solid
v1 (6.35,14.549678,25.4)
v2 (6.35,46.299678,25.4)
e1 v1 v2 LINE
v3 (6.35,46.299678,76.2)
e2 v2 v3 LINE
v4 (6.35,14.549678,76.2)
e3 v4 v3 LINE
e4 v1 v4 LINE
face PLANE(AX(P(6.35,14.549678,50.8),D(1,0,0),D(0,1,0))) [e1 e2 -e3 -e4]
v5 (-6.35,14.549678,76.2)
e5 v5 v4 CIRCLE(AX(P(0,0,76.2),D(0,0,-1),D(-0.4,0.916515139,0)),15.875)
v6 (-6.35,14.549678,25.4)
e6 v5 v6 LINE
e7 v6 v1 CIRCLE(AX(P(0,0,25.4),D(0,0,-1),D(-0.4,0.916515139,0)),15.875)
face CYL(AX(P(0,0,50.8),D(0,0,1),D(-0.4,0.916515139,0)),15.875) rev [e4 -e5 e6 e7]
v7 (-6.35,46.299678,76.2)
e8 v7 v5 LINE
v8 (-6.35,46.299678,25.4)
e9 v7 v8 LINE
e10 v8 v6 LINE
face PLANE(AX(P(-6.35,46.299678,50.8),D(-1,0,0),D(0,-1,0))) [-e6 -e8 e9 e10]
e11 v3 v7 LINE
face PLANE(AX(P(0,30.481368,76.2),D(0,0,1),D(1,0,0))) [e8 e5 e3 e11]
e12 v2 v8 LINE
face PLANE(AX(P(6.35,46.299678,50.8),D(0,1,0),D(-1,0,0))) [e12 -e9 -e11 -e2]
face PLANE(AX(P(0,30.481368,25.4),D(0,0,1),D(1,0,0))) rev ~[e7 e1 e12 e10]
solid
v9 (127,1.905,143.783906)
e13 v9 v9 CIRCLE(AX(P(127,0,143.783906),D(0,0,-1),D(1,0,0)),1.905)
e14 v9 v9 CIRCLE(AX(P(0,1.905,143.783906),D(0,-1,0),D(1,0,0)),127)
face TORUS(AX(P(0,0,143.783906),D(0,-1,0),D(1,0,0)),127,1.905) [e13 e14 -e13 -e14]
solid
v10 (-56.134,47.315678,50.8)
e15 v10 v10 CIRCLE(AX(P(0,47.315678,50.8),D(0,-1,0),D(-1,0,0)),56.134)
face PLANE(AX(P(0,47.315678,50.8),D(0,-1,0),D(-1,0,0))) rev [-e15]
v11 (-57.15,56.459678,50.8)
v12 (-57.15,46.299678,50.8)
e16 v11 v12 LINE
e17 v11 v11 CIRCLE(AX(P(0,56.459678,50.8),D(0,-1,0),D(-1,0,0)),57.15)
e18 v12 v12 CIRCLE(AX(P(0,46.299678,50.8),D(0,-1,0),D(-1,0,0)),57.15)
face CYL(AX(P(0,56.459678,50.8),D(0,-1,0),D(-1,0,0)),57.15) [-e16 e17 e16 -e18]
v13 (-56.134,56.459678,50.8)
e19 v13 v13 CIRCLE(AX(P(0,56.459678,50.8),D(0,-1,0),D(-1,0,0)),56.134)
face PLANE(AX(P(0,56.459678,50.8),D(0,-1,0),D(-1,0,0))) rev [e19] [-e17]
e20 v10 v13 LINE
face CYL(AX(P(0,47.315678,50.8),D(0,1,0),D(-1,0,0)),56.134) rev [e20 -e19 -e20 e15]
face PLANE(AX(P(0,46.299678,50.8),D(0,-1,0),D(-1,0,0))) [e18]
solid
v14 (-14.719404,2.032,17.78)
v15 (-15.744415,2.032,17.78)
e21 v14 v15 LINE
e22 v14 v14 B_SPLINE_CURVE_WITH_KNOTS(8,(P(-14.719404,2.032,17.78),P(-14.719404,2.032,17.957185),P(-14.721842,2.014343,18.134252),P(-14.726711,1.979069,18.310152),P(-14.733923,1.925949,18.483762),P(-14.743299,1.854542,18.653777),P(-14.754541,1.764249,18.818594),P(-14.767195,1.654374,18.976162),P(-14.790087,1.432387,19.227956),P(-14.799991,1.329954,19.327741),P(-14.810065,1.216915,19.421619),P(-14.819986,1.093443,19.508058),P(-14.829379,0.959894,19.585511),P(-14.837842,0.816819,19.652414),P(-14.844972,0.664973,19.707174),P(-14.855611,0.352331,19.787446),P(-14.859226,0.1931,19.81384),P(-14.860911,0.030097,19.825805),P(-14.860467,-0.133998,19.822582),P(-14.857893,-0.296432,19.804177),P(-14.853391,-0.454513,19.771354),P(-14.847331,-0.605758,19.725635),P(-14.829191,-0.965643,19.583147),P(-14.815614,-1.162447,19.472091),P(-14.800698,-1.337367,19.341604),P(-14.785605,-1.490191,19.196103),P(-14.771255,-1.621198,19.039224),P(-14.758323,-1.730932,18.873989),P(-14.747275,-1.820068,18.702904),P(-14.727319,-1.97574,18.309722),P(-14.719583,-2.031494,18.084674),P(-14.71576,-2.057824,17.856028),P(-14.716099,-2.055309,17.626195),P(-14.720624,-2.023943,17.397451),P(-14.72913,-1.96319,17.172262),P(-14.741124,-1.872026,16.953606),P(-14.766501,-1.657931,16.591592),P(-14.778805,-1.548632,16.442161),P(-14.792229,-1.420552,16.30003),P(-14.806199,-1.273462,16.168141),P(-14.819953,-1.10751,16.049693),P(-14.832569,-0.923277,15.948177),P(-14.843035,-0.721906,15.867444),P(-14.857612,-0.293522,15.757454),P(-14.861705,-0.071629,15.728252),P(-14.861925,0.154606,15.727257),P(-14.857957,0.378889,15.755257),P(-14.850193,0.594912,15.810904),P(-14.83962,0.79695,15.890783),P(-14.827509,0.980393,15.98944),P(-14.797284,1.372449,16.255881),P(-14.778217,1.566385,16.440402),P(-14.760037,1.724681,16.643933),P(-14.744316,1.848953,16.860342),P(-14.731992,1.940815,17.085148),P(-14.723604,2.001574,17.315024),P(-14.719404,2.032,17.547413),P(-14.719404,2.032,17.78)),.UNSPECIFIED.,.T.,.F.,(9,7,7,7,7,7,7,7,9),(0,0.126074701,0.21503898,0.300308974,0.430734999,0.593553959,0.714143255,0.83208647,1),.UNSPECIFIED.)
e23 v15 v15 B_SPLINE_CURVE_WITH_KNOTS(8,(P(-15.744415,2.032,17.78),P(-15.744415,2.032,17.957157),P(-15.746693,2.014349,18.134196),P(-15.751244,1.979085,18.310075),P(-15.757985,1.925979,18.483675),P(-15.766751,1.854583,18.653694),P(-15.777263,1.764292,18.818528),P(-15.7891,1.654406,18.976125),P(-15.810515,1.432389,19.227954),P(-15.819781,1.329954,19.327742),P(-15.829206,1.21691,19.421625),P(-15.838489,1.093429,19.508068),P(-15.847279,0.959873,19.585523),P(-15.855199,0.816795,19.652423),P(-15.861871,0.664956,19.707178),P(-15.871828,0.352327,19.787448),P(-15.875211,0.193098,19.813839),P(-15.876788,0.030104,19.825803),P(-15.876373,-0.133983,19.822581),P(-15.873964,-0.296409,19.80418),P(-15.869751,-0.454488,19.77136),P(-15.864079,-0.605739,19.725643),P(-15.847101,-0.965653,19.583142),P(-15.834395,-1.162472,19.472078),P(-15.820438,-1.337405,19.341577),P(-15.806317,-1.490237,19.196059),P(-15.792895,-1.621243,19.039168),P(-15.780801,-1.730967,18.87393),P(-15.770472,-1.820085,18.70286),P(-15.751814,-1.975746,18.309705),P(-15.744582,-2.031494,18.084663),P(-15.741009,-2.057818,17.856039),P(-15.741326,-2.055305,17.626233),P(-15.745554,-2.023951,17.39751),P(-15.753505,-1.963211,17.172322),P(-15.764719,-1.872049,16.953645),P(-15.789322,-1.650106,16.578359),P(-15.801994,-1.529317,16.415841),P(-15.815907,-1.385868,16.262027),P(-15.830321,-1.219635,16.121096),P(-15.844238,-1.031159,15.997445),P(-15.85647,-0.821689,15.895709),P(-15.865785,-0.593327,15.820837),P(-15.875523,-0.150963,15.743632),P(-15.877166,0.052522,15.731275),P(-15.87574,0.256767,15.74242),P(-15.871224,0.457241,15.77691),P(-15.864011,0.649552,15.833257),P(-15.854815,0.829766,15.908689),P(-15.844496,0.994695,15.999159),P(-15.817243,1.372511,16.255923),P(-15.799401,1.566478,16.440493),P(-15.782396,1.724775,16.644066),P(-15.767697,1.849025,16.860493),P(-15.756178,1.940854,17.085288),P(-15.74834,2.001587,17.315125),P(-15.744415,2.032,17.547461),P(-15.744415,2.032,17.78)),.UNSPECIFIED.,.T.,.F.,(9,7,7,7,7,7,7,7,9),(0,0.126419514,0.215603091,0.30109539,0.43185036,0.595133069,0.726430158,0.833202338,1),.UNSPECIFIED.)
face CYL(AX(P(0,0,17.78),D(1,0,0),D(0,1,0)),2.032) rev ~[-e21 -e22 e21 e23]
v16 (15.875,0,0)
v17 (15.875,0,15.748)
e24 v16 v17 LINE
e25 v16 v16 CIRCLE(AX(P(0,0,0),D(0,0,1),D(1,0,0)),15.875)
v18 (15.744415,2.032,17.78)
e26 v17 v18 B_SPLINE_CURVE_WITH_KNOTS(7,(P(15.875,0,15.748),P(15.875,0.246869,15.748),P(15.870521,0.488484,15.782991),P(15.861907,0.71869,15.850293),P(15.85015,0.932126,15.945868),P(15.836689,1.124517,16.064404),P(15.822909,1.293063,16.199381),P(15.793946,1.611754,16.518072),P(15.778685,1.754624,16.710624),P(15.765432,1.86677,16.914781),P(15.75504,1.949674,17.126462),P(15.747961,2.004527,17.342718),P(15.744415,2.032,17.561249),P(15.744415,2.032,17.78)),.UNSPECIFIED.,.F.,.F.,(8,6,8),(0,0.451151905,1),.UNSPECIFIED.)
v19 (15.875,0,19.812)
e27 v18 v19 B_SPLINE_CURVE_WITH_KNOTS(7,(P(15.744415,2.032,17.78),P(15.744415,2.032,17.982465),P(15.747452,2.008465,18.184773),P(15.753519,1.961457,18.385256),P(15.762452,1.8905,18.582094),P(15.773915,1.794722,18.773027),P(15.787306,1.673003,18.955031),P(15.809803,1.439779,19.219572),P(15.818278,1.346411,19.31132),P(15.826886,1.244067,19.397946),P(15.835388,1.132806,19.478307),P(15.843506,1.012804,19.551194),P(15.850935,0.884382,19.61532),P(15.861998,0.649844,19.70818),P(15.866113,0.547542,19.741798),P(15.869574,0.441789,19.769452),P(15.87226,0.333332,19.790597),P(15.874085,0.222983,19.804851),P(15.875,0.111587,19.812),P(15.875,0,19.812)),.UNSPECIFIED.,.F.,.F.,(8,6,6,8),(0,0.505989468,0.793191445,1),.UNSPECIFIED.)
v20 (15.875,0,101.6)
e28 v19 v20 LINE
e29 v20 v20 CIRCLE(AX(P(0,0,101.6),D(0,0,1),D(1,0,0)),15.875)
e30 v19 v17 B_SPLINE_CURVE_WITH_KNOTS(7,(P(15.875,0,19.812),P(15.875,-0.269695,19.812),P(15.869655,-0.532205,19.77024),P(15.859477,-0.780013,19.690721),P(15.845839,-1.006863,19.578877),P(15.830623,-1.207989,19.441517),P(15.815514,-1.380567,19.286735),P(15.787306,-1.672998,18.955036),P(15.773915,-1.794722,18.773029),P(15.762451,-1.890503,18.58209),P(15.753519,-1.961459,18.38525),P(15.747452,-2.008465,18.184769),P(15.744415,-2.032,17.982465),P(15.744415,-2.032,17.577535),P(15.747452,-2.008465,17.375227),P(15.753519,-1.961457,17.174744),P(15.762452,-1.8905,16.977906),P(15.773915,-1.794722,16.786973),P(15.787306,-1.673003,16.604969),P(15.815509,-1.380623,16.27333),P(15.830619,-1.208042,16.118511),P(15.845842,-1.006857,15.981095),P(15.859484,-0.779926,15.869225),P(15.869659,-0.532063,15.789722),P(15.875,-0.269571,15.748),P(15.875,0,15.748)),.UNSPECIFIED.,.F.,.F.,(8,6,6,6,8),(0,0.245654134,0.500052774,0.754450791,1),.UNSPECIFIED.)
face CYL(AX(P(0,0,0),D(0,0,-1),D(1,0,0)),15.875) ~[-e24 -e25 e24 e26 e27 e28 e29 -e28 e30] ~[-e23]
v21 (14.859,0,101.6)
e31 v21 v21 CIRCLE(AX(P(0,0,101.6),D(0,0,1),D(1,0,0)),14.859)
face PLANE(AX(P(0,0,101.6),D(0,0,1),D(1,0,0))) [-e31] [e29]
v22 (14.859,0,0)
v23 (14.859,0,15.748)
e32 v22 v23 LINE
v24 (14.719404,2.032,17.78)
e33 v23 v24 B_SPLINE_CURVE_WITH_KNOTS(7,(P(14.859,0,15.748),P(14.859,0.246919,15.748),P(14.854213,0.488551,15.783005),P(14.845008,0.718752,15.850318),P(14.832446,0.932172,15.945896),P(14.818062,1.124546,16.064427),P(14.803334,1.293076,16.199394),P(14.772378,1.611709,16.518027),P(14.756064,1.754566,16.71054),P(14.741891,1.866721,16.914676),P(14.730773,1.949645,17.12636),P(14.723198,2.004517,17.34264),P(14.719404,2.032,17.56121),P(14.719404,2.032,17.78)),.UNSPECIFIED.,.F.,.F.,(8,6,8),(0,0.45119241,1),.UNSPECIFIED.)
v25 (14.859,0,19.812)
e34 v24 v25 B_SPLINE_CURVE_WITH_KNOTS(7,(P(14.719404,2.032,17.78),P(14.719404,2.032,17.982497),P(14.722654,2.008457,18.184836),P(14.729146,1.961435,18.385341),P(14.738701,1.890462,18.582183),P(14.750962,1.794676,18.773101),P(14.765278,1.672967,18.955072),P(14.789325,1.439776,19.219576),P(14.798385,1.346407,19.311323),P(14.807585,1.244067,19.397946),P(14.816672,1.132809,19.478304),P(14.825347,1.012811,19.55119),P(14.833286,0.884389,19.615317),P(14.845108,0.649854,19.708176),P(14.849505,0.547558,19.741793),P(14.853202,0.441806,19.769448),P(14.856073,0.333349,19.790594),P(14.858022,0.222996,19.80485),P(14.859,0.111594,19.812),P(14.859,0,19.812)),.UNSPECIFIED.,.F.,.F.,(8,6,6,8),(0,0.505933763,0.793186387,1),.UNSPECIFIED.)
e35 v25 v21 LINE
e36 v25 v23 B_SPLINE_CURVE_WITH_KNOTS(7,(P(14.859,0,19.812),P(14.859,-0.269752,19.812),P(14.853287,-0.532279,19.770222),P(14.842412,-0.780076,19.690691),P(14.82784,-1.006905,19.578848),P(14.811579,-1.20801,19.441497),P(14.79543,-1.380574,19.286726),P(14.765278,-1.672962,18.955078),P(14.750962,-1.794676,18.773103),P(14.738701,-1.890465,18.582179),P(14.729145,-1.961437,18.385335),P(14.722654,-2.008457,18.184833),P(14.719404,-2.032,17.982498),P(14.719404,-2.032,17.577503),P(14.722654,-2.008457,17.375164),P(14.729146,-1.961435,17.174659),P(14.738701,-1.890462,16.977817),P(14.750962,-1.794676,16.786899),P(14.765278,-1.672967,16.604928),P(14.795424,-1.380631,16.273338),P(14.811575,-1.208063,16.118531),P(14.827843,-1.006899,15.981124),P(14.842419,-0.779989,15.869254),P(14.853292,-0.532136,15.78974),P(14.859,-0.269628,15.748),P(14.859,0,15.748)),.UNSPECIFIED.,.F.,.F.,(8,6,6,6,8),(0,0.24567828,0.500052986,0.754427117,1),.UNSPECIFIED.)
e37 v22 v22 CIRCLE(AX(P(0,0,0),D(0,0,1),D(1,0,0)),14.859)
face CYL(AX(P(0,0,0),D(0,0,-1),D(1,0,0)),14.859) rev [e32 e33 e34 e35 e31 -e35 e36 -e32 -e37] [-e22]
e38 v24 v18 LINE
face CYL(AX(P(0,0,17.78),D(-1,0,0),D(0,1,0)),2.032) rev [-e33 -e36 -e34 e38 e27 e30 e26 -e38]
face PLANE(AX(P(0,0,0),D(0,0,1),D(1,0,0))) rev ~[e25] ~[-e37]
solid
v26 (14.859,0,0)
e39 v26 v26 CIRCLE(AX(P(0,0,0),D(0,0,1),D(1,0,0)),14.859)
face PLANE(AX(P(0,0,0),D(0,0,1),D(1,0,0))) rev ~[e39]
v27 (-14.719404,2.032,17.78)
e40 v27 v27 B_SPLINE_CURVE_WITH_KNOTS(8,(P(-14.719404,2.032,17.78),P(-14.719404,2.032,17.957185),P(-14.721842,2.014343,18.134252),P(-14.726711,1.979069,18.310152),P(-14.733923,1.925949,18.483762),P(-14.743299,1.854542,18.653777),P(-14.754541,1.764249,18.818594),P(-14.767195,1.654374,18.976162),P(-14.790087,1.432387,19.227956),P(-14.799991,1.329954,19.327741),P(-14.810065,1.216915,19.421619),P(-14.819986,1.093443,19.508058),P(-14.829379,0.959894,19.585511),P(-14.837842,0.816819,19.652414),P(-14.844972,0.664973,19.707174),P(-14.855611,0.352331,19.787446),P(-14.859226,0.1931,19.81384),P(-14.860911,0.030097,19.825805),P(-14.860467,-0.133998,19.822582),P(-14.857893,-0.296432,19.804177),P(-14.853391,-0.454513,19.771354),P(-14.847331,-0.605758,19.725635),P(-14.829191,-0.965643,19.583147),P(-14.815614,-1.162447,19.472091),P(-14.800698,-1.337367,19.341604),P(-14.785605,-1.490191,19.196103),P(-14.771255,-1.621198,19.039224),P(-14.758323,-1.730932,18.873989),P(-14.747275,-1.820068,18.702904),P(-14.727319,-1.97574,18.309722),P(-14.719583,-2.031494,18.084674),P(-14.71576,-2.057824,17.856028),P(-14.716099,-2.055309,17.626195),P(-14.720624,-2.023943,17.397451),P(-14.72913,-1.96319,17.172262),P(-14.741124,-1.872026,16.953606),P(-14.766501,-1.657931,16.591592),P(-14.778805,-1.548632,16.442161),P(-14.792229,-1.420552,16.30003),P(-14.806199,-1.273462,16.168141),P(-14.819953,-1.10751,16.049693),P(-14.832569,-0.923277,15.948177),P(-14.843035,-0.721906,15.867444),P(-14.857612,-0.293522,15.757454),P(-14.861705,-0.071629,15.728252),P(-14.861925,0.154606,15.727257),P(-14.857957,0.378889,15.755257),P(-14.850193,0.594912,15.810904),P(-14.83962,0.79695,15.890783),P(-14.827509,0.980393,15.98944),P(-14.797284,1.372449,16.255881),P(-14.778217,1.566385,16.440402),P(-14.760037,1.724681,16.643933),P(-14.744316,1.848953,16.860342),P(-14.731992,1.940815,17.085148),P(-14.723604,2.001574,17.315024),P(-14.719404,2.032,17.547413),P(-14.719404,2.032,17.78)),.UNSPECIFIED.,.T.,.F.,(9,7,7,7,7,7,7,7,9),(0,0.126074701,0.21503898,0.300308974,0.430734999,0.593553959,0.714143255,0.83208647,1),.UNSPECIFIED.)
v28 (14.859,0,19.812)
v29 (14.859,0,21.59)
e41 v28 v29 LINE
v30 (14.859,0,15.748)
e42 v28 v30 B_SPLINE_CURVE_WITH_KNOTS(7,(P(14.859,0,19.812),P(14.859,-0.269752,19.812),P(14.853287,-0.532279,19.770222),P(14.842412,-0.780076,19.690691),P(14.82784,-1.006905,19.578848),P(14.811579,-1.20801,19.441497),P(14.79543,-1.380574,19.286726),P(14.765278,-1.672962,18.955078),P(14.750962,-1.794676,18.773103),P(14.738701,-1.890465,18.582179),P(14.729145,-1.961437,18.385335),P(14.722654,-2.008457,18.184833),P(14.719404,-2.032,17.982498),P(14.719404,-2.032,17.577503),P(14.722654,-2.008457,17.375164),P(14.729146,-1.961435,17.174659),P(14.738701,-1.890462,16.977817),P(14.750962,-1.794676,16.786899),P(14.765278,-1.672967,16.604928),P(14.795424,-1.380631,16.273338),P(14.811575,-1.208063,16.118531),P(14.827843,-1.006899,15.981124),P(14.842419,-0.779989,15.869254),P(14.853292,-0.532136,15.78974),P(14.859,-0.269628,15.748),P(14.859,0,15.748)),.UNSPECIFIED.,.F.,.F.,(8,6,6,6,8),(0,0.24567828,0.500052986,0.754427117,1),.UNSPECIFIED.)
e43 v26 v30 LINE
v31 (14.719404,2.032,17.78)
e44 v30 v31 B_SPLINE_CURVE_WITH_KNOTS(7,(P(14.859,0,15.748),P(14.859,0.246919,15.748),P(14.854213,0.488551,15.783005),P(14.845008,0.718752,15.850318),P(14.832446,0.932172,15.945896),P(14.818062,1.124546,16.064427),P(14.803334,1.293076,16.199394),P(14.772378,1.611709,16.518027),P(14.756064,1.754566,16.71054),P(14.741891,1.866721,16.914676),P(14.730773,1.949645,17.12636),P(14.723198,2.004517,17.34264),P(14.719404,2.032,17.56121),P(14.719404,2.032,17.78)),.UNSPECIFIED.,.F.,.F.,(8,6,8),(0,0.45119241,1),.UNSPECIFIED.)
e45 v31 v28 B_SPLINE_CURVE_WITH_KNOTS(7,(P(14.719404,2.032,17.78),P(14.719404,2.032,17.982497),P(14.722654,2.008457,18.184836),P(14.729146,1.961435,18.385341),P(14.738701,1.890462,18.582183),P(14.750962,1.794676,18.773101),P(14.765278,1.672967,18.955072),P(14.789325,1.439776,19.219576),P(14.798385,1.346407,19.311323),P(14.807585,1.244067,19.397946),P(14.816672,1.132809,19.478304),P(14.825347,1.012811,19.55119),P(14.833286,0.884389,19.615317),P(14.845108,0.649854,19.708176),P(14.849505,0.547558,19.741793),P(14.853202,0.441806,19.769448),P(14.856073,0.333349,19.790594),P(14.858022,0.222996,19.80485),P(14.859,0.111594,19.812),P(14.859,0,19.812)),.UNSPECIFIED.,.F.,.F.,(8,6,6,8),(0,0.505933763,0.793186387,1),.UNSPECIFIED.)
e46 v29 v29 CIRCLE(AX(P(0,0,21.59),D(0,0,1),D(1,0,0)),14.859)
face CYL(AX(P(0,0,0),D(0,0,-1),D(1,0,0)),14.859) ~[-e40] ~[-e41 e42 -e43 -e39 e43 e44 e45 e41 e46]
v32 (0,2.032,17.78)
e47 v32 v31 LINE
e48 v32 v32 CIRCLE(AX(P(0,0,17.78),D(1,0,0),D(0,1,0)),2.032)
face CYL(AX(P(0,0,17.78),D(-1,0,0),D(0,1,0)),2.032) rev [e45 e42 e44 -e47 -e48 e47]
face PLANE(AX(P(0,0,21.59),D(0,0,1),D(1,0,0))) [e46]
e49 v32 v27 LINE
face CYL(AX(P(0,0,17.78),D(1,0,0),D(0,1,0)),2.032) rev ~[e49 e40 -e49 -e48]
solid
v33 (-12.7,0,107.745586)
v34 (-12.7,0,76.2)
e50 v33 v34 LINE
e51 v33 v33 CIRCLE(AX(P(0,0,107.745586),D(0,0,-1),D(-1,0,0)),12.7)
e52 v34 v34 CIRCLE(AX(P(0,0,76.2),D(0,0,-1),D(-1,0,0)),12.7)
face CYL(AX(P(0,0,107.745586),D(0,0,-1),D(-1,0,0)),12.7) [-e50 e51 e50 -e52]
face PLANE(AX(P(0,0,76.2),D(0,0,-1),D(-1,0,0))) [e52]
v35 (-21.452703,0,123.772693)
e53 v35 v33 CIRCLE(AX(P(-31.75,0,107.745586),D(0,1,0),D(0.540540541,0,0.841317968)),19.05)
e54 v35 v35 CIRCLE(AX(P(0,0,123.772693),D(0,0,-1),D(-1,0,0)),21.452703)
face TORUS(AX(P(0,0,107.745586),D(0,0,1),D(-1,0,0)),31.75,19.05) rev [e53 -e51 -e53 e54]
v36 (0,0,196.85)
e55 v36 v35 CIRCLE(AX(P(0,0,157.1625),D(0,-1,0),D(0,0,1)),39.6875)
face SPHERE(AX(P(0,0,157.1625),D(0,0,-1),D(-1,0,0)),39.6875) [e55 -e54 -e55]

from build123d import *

# Parameters (mm, degrees)
F0_R           = 15.875
F0_R_2         = 14.859
F1_DEPTH       = 101.6
F2_DEPTH       = 21.59
F5_R           = 2.032
F6_DEPTH       = 39.6885
F6_DEPTH_BACK  = 39.6885
F8_R           = 1.905
F12_DEPTH      = 25.4
F12_DEPTH_BACK = 25.4


with BuildPart() as f1:
    # F0 (on Top) → F1 (new body)
    with BuildSketch(Plane.XY):
        Circle(F0_R)
        Circle(F0_R_2, mode=Mode.SUBTRACT)
    extrude(amount=F1_DEPTH)


with BuildPart() as f2:
    # F0 (on Top) → F2 (new body)
    with BuildSketch(Plane.XY):
        Circle(F0_R_2)
    extrude(amount=F2_DEPTH)


with BuildPart() as f4:
    # F3 (on Front) → F4 (revolve)
    with BuildSketch(Plane.XZ):
        with BuildLine():
            Line((0, 76.2), (0, 196.85))
            ThreePointArc((0, 196.85), (-38.080543697, 168.3414913675), (-21.4527027027, 123.7726931273))
            ThreePointArc((-21.4527027027, 123.7726931273), (-15.0307593846, 116.8762754651), (-12.7, 107.7455858283))
            Line((-12.7, 107.7455858283), (-12.7, 76.2))
            Line((-12.7, 76.2), (0, 76.2))
        make_face()
    revolve(axis=Axis((0, 0, 136.525), (0, 0, -1)))


with BuildPart() as f6_tool:
    # F5 (on Right) → F6 (new body, two sides)
    with BuildSketch(Plane.YZ) as f6_sk:
        with Locations((0, 17.78)):
            Circle(F5_R)
    extrude(amount=-F6_DEPTH)
    extrude(f6_sk.sketch, amount=F6_DEPTH_BACK)


with BuildPart() as f1_1:
    add(f1.part)

    # F6: cut by f6_tool
    add(f6_tool.part, mode=Mode.SUBTRACT)


with BuildPart() as f2_1:
    add(f2.part)

    # F6: cut by f6_tool
    add(f6_tool.part, mode=Mode.SUBTRACT)


with BuildPart() as f9:
    # F9: sweep along a path in F7
    with BuildLine(Plane.XZ) as f9_path:
        CenterArc((0, 143.7839062312), 127, 0, 360)
    # F8 (on Right) → F9 (sweep)
    with BuildSketch(Plane.YZ):
        with Locations((0, 16.7839062312)):
            Circle(F8_R)
    sweep(path=f9_path.line)


with BuildPart() as f12:
    # F11 (on mid) → F12 (new body, two sides)
    with BuildSketch(Plane.XY.offset(50.8)) as f12_sk:
        with BuildLine():
            ThreePointArc((-6.35, 14.5496778315), (0, 15.875), (6.35, 14.5496778315))
            Line((6.35, 14.5496778315), (6.35, 46.2996778315))
            Line((6.35, 46.2996778315), (-6.35, 46.2996778315))
            Line((-6.35, 46.2996778315), (-6.35, 14.5496778315))
        make_face()
    extrude(amount=F12_DEPTH)
    extrude(f12_sk.sketch, amount=-F12_DEPTH_BACK)


with BuildPart() as f14:
    # F13 (on mid) → F14 (revolve)
    with BuildSketch(Plane.XY.offset(50.8)):
        Polygon((-57.15, 46.2996778315), (0, 46.2996778315), (0, 47.3156778315), (-56.134, 47.3156778315), (-56.134, 56.4596778315), (-57.15, 56.4596778315), align=None)
    revolve(axis=Axis((0, 46.8076778315, 50.8), (0, -1, 0)))


solid = Compound([f4.part, f1_1.part, f2_1.part, f9.part, f12.part, f14.part])
